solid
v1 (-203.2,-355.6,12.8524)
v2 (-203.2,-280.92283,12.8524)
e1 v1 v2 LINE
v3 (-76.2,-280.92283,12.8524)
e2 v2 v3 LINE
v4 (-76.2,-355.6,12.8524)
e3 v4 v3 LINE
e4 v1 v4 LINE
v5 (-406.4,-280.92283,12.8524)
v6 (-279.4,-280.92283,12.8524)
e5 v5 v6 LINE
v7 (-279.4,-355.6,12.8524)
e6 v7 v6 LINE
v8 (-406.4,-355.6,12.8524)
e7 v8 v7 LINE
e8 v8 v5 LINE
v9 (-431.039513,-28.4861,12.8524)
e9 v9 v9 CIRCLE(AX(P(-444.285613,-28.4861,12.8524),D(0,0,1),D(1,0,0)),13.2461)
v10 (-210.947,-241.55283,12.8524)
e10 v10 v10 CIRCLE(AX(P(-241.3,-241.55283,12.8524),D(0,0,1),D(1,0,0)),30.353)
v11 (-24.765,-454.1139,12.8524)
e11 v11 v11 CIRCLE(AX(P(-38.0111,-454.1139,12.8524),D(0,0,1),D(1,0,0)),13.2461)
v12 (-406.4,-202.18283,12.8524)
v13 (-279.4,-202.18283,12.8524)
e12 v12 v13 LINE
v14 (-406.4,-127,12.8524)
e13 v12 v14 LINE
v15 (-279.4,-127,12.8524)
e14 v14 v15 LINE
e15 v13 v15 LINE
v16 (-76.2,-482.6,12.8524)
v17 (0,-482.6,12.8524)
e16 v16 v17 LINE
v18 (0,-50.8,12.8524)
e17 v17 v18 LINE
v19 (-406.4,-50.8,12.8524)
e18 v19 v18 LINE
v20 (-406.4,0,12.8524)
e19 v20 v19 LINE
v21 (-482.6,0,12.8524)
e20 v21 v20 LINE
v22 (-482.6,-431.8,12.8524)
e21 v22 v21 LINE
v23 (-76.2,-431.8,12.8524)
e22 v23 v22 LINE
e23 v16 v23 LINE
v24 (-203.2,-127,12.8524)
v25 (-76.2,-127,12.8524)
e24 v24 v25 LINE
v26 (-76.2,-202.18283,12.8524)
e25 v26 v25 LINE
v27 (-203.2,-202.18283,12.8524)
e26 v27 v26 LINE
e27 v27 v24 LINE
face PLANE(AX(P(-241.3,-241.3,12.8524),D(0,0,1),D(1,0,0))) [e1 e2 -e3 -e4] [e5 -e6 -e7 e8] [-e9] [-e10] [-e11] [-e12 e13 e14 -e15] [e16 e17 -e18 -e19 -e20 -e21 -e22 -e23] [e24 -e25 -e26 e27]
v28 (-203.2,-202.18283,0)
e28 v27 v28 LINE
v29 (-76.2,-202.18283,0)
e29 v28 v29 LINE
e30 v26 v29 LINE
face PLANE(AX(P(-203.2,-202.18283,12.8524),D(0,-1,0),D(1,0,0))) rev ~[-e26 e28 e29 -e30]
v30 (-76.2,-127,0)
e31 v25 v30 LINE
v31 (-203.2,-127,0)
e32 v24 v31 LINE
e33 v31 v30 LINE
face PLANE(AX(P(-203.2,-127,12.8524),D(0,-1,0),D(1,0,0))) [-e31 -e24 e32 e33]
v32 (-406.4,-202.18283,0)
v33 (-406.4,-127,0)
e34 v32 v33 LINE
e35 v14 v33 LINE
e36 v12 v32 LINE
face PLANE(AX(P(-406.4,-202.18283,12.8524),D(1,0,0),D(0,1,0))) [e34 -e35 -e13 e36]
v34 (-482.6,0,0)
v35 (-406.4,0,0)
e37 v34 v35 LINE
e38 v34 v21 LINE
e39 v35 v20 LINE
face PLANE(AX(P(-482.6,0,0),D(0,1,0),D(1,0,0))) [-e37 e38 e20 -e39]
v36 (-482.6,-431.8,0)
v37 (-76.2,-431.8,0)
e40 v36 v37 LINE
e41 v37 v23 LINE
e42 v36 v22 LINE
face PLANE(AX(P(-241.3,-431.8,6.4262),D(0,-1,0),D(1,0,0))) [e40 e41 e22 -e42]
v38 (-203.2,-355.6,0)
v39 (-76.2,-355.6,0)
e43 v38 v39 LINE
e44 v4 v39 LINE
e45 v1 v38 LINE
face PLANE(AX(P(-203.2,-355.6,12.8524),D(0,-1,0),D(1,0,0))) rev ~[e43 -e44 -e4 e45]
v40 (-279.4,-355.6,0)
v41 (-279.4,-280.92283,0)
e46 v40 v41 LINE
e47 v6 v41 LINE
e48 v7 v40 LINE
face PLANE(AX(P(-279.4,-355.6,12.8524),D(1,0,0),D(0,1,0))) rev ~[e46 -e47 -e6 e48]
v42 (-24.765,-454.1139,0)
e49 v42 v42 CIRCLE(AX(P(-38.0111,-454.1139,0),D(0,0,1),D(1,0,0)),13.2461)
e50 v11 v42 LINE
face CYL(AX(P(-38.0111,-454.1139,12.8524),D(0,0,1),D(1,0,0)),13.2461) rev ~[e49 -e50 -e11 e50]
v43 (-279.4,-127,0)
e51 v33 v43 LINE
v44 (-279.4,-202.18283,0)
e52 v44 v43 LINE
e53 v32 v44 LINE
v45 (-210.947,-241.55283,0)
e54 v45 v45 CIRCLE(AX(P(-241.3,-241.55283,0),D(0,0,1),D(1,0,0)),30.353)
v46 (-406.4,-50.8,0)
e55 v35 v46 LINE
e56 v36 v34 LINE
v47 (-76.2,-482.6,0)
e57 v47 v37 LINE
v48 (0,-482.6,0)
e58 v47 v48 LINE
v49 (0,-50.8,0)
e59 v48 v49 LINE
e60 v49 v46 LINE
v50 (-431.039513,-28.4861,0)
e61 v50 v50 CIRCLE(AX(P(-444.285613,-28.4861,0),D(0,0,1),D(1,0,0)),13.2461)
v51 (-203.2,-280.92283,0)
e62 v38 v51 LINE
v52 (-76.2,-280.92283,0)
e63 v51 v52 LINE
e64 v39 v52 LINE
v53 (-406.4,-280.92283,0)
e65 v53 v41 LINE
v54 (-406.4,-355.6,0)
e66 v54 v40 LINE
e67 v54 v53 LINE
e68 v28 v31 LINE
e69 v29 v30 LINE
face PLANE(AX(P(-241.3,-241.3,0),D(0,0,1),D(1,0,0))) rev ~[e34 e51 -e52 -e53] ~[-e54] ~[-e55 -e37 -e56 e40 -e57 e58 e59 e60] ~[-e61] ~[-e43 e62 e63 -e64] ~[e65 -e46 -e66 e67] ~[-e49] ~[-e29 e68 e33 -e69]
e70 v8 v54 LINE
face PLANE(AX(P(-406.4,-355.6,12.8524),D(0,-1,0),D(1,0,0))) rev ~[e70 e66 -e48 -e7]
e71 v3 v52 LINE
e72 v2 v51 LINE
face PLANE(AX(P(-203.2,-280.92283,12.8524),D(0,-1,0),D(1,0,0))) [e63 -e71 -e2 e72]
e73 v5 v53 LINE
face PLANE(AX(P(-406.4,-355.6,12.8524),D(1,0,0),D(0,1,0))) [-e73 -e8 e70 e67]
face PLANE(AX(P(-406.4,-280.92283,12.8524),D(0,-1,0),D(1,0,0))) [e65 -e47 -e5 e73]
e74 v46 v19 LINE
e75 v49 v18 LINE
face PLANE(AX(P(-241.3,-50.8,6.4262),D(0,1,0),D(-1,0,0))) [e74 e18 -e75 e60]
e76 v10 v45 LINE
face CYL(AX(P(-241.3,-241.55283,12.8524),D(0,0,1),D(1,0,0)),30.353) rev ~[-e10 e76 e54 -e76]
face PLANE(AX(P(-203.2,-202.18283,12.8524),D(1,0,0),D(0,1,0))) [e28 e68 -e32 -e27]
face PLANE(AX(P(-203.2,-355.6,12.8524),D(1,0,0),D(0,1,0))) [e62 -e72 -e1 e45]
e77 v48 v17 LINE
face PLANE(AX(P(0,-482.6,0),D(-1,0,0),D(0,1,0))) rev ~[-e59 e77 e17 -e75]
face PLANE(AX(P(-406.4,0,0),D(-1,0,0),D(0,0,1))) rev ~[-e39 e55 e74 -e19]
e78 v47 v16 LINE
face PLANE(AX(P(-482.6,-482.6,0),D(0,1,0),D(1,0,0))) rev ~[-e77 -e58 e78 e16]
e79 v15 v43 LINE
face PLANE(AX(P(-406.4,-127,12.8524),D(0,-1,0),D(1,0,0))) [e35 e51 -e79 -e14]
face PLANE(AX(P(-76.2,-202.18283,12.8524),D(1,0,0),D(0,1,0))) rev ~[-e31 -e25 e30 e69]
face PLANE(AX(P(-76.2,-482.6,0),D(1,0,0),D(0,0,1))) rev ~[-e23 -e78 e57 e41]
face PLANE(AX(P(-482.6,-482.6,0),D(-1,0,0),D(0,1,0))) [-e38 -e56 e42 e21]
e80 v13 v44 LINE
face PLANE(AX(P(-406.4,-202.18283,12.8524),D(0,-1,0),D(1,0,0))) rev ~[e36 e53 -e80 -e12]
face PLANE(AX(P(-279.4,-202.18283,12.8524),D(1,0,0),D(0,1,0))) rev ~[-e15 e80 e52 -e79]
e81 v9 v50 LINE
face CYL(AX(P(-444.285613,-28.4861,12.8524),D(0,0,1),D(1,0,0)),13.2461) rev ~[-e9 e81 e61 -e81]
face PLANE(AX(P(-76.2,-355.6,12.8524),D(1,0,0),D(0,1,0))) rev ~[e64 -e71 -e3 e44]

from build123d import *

# Parameters (mm, degrees)
F0_W      = 482.6
F0_H      = 482.6
F1_DEPTH  = 12.8524
F2_W      = 330.2
F2_H      = 12.8524
F2_W_2    = 76.2
F3_DEPTH  = 50.8
F4_W      = 330.2
F4_H      = 12.8524
F4_W_2    = 76.2
F5_DEPTH  = 50.8
F8_W      = 127
F8_H      = 74.67717
F8_H_2    = 75.18283
F9_W      = 127
F9_H      = 74.67717
F10_DEPTH = 25.4
F12_R     = 13.2461
F12_R_2   = 30.353
F13_DEPTH = 25.4


with BuildPart() as f1:
    # F0 (on Top) → F1 (new body)
    with BuildSketch(Plane.XY):
        with Locations((-241.3, -241.3)):
            Rectangle(F0_W, F0_H)
    extrude(amount=F1_DEPTH)

    # F2 (on face) → F3 (cut)
    with BuildSketch(Plane.XZ.offset(482.6)):
        with Locations((-241.3, 6.4262)):
            Rectangle(F2_W, F2_H)
        with Locations((-444.5, 6.4262)):
            Rectangle(F2_W_2, F2_H)
    extrude(amount=-F3_DEPTH, mode=Mode.SUBTRACT)

    # F4 (on face) → F5 (cut)
    with BuildSketch(Plane(origin=(0, 0, 0), x_dir=(-1, 0, 0), z_dir=(0, 1, 0))):
        with Locations((241.3, 6.4262)):
            Rectangle(F4_W, F4_H)
        with Locations((38.1, 6.4262)):
            Rectangle(F4_W_2, F4_H)
    extrude(amount=-F5_DEPTH, mode=Mode.SUBTRACT)

    # F8 (on face) + F9 (on face) → F10 (cut)
    with BuildSketch(Plane.XY.offset(12.8524)):
        with Locations((-139.7, -318.261415)):
            Rectangle(F8_W, F8_H)
        with Locations((-342.9, -164.591415)):
            Rectangle(F8_W, F8_H_2)
        with Locations((-139.7, -164.591415)):
            Rectangle(F8_W, F8_H_2)
    with BuildSketch(Plane.XY.offset(12.8524)):
        with Locations((-342.9, -318.261415)):
            Rectangle(F9_W, F9_H)
    extrude(amount=-F10_DEPTH, mode=Mode.SUBTRACT)

    # F12 (on face) → F13 (cut)
    with BuildSketch(Plane.XY.offset(12.8524)):
        with Locations((-444.285613, -28.4861)):
            Circle(F12_R)
        with Locations((-241.3, -241.55283)):
            Circle(F12_R_2)
        with Locations((-38.0111, -454.1139)):
            Circle(F12_R)
    extrude(amount=-F13_DEPTH, mode=Mode.SUBTRACT)


solid = f1.part
